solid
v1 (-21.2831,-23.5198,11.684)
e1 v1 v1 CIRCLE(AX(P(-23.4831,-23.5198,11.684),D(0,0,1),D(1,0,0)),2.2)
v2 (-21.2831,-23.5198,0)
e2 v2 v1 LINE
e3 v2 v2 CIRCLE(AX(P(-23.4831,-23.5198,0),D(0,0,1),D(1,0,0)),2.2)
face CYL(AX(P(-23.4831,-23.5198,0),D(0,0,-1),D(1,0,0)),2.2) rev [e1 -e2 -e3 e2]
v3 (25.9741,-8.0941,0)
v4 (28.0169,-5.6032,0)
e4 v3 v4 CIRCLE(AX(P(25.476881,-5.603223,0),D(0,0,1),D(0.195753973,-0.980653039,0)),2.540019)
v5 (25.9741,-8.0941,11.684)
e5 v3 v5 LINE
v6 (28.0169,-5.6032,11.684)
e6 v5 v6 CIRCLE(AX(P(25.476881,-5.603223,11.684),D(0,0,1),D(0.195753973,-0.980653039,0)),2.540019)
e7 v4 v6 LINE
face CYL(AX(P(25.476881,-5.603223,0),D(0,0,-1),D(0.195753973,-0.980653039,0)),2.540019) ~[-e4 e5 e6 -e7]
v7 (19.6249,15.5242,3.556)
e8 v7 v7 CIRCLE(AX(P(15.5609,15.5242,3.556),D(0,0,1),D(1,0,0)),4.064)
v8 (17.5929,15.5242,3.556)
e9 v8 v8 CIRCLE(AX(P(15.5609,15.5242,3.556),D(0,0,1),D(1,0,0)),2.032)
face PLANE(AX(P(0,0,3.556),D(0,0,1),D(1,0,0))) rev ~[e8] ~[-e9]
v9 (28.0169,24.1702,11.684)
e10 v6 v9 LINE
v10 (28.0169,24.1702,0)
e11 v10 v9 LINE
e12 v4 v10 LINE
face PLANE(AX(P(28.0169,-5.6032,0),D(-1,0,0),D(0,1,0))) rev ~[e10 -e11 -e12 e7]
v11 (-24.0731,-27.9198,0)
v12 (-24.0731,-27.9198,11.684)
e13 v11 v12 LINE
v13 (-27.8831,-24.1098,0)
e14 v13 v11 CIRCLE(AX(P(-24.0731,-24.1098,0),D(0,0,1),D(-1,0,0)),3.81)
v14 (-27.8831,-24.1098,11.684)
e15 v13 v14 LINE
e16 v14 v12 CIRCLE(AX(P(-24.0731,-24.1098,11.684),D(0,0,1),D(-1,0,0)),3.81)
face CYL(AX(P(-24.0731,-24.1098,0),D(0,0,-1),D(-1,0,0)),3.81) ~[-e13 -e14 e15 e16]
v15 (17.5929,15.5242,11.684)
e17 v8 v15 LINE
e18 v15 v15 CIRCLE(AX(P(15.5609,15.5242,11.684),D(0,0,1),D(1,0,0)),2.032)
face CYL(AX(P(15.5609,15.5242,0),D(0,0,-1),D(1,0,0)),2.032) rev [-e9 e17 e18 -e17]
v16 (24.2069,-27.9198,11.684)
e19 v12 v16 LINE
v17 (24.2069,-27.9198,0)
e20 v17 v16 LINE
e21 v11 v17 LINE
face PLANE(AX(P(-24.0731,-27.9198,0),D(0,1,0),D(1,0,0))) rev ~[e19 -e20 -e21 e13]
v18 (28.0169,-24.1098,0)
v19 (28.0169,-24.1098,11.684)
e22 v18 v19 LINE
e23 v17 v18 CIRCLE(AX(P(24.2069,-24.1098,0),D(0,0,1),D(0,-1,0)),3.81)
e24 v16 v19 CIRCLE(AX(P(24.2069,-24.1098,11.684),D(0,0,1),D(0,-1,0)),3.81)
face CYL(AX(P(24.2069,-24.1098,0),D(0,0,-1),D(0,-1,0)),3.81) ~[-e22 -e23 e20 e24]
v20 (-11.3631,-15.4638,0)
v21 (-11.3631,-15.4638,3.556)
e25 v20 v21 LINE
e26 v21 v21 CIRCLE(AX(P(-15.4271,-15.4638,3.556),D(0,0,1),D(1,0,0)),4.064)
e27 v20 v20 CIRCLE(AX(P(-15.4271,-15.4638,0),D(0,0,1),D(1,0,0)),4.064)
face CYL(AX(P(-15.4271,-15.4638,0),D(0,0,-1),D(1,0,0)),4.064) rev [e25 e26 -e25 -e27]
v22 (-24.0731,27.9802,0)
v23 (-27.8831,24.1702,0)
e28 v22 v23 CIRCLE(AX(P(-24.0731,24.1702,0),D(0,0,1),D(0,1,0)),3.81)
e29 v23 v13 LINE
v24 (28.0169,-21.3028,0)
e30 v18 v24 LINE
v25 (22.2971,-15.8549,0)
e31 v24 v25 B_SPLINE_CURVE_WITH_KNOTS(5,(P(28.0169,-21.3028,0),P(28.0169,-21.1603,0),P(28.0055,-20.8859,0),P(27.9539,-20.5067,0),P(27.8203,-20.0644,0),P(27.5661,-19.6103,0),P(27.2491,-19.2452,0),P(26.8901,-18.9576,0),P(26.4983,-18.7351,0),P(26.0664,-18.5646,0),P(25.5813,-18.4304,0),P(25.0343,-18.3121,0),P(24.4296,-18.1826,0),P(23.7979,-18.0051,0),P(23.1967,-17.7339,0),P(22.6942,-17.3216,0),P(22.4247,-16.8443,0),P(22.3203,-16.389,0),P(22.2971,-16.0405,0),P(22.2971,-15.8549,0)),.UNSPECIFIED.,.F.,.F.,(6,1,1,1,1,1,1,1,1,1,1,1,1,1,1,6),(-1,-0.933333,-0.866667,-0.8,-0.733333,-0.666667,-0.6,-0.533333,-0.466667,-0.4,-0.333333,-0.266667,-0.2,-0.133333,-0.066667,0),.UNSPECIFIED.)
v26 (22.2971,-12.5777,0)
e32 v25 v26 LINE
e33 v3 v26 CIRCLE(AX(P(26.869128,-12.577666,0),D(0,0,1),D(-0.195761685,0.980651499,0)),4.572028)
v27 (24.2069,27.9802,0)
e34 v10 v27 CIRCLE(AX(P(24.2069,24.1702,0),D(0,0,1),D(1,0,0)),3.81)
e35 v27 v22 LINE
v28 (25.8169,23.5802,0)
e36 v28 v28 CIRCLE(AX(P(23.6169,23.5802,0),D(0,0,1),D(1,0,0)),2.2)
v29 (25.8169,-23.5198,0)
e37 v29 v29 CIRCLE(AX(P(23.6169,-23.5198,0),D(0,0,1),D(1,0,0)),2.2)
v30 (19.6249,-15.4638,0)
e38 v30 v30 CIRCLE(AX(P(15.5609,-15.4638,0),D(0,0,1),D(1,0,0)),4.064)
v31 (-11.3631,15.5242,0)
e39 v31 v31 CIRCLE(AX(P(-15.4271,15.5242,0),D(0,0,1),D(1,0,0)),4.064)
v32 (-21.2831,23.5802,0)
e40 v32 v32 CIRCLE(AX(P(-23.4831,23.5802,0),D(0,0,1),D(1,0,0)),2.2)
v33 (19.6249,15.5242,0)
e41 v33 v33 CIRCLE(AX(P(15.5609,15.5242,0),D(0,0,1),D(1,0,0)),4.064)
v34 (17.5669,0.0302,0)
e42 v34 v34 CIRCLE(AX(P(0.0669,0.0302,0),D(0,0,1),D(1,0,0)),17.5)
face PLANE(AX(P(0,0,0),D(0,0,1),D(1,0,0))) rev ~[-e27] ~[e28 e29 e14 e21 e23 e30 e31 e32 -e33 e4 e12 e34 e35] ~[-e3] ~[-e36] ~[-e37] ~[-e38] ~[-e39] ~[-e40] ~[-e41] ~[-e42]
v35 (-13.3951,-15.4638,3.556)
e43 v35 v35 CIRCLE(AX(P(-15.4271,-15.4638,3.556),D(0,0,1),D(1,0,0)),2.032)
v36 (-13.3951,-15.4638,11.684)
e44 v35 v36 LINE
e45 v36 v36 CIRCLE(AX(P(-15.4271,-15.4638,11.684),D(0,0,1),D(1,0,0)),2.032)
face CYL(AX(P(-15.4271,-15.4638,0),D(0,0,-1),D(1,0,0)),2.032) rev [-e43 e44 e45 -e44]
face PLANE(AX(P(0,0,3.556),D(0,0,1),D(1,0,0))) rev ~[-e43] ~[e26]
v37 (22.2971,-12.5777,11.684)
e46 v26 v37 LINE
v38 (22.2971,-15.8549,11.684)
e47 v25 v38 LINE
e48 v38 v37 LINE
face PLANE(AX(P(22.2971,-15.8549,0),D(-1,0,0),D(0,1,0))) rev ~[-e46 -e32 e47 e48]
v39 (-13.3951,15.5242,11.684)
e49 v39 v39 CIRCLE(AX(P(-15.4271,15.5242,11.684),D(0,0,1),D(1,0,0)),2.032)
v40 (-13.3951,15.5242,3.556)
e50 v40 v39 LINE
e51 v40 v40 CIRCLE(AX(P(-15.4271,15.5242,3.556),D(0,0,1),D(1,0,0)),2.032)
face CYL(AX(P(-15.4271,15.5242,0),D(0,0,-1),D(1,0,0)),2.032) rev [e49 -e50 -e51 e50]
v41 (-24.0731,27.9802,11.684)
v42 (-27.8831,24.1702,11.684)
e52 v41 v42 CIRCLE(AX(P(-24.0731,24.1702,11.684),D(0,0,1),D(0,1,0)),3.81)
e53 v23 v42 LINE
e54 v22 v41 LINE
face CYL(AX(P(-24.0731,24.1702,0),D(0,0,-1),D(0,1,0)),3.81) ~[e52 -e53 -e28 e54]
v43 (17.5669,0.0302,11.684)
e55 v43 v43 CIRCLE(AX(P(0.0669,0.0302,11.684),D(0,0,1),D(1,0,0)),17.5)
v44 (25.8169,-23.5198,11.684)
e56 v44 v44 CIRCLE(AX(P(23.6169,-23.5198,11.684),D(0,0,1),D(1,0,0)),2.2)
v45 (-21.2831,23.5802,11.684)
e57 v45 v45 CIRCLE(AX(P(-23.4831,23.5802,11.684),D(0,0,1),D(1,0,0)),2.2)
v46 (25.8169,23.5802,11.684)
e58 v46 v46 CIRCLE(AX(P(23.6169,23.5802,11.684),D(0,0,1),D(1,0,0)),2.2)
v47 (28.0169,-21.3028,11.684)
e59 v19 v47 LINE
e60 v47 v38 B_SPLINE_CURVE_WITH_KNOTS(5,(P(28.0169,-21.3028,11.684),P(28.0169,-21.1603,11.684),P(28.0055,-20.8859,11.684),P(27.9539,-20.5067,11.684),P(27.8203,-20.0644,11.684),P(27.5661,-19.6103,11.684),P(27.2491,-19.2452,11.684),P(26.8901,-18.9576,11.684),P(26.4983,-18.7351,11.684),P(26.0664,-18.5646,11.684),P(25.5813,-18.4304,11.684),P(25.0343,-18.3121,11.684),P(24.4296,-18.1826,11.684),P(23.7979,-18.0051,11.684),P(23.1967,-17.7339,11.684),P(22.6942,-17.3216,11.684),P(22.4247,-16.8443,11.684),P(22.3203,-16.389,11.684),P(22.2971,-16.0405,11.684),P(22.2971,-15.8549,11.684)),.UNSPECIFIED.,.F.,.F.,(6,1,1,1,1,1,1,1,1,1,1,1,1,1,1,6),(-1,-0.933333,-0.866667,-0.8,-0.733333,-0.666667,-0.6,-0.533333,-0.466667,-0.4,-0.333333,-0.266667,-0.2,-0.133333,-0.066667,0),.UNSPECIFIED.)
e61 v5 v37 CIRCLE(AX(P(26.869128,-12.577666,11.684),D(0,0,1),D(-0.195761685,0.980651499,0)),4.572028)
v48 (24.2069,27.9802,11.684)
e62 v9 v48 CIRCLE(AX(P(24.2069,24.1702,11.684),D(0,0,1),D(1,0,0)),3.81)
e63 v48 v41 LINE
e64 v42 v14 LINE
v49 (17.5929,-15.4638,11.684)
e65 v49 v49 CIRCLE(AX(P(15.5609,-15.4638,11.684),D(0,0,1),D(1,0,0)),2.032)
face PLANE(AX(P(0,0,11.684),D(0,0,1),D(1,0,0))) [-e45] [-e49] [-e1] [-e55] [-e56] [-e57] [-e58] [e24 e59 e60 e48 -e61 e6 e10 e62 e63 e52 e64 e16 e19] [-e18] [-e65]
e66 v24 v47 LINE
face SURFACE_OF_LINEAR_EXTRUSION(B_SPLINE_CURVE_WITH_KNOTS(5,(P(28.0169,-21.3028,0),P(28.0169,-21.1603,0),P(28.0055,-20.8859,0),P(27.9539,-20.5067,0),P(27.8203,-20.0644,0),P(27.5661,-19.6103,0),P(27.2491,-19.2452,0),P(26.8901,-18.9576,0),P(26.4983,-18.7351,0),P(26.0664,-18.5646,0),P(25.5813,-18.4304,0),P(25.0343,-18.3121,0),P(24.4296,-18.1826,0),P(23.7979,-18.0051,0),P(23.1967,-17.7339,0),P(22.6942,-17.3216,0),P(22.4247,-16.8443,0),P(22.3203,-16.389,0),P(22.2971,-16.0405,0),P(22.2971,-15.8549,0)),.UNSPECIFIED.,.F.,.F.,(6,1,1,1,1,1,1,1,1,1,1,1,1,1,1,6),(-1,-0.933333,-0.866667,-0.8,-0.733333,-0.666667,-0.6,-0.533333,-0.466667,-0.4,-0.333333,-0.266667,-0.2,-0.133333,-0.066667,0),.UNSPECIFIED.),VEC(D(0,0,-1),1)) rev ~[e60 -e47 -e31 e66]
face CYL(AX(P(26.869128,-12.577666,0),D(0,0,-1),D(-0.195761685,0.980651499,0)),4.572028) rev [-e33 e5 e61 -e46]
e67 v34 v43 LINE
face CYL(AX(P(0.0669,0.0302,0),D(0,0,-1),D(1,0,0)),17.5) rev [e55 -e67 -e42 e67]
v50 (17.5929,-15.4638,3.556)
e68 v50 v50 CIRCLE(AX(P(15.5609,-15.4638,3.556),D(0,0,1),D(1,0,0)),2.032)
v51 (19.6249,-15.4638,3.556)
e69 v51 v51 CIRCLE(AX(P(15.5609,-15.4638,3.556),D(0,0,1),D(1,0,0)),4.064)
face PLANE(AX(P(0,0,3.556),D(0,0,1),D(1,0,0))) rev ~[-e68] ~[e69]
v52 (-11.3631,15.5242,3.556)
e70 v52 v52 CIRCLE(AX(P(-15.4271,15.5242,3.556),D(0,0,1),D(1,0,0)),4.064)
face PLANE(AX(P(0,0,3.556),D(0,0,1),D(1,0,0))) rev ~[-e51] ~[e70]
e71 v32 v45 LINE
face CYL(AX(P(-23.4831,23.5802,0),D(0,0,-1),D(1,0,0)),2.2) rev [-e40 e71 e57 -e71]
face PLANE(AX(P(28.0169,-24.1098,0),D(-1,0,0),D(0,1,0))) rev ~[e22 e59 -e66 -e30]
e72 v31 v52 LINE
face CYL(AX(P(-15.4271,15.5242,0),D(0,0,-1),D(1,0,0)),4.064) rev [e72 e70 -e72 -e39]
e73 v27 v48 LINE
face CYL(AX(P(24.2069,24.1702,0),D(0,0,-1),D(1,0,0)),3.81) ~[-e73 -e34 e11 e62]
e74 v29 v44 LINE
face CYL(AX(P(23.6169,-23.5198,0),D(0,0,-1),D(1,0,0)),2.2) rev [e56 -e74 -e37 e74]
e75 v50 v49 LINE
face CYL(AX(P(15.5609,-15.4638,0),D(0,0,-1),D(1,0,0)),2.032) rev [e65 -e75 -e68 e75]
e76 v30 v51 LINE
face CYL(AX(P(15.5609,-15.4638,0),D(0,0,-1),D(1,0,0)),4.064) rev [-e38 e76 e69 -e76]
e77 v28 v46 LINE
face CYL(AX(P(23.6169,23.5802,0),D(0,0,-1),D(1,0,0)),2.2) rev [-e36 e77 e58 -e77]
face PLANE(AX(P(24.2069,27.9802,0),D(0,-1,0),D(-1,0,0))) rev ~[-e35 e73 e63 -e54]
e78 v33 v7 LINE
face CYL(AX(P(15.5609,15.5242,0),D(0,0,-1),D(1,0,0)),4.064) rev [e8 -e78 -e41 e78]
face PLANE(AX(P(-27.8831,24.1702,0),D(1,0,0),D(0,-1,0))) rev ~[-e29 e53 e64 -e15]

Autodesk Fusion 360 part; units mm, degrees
sketch "Sketch1" plane through (0, 0, 0) normal (0, 0, 1) x (1, 0, 0)
  line L0 (-27.8831, 24.1702) -> (-27.8831, -24.1098)
  circle A0 centre (23.6169, -23.5198) radius 2.2
  arc A1 (24.2069, -27.9198) -> (28.0169, -24.1098) centre (24.2069, -24.1098) ccw
  line L1 (-24.0731, -27.9198) -> (24.2069, -27.9198)
  circle A2 centre (23.6169, 23.5802) radius 2.2
  line L2 (24.2069, 27.9802) -> (-24.0731, 27.9802)
  spline S0 degree 5 poles (28.0169, -21.3028) (28.0169, -21.1603) (28.0055, -20.8859) (27.9539, -20.5067) (27.8203, -20.0644) (27.5661, -19.6103) (27.2491, -19.2452) (26.8901, -18.9576) (26.4983, -18.7351) (26.0664, -18.5646) (25.5813, -18.4304) (25.0343, -18.3121) (24.4296, -18.1826) (23.7979, -18.0051) (23.1967, -17.7339) (22.6942, -17.3216) (22.4247, -16.8443) (22.3203, -16.389) (22.2971, -16.0405) (22.2971, -15.8549) knots -1 -1 -1 -1 -1 -1 -0.933333 -0.866667 -0.8 -0.733333 -0.666667 -0.6 -0.533333 -0.466667 -0.4 -0.333333 -0.266667 -0.2 -0.133333 -0.066667 0 0 0 0 0 0
  circle A3 centre (-23.4831, 23.5802) radius 2.2
  arc A4 (25.9741, -8.0941) -> (28.0169, -5.6032) centre (25.4769, -5.6032) ccw
  arc A5 (25.9741, -8.0941) -> (22.2971, -12.5777) centre (26.8691, -12.5777) ccw
  circle A6 centre (0.0669, 0.0302) radius 17.5
  arc A7 (-24.0731, 27.9802) -> (-27.8831, 24.1702) centre (-24.0731, 24.1702) ccw
  line L3 (22.2971, -15.8549) -> (22.2971, -12.5777)
  arc A8 (28.0169, 24.1702) -> (24.2069, 27.9802) centre (24.2069, 24.1702) ccw
  line L4 (28.0169, -5.6032) -> (28.0169, 24.1702)
  circle A9 centre (-23.4831, -23.5198) radius 2.2
  arc A10 (-27.8831, -24.1098) -> (-24.0731, -27.9198) centre (-24.0731, -24.1098) ccw
  line L5 (28.0169, -24.1098) -> (28.0169, -21.3028)
  circle A11 centre (-15.4271, 15.5242) radius 2.032
  circle A12 centre (15.5609, 15.5242) radius 2.032
  circle A13 centre (15.5609, -15.4638) radius 2.032
  circle A14 centre (-15.4271, -15.4638) radius 2.032
  circle A15 centre (-15.4271, -15.4638) radius 4.064
  circle A16 centre (15.5609, -15.4638) radius 4.064
  circle A17 centre (15.5609, 15.5242) radius 4.064
  circle A18 centre (-15.4271, 15.5242) radius 4.064
  dimension "d1" = 4.064
  dimension "d2" = 4.064
  dimension "d3" = 4.064
  dimension "d4" = 4.064
  dimension "d7" = 8.128
  dimension "d8" = 8.128
  dimension "d9" = 8.128
  dimension "d10" = 8.128
extrude "Extrude1" add sketch "Sketch1" along normal blind 11.684 contours L0 A1 L1 L2 S0 A4 A5 A7 L3 A8 L4 A10 L5 | A15 | A16 | A17 | A18
extrude "Extrude2" cut sketch "Sketch1" along normal blind 3.556 contours A15 | A16 | A17 | A18
